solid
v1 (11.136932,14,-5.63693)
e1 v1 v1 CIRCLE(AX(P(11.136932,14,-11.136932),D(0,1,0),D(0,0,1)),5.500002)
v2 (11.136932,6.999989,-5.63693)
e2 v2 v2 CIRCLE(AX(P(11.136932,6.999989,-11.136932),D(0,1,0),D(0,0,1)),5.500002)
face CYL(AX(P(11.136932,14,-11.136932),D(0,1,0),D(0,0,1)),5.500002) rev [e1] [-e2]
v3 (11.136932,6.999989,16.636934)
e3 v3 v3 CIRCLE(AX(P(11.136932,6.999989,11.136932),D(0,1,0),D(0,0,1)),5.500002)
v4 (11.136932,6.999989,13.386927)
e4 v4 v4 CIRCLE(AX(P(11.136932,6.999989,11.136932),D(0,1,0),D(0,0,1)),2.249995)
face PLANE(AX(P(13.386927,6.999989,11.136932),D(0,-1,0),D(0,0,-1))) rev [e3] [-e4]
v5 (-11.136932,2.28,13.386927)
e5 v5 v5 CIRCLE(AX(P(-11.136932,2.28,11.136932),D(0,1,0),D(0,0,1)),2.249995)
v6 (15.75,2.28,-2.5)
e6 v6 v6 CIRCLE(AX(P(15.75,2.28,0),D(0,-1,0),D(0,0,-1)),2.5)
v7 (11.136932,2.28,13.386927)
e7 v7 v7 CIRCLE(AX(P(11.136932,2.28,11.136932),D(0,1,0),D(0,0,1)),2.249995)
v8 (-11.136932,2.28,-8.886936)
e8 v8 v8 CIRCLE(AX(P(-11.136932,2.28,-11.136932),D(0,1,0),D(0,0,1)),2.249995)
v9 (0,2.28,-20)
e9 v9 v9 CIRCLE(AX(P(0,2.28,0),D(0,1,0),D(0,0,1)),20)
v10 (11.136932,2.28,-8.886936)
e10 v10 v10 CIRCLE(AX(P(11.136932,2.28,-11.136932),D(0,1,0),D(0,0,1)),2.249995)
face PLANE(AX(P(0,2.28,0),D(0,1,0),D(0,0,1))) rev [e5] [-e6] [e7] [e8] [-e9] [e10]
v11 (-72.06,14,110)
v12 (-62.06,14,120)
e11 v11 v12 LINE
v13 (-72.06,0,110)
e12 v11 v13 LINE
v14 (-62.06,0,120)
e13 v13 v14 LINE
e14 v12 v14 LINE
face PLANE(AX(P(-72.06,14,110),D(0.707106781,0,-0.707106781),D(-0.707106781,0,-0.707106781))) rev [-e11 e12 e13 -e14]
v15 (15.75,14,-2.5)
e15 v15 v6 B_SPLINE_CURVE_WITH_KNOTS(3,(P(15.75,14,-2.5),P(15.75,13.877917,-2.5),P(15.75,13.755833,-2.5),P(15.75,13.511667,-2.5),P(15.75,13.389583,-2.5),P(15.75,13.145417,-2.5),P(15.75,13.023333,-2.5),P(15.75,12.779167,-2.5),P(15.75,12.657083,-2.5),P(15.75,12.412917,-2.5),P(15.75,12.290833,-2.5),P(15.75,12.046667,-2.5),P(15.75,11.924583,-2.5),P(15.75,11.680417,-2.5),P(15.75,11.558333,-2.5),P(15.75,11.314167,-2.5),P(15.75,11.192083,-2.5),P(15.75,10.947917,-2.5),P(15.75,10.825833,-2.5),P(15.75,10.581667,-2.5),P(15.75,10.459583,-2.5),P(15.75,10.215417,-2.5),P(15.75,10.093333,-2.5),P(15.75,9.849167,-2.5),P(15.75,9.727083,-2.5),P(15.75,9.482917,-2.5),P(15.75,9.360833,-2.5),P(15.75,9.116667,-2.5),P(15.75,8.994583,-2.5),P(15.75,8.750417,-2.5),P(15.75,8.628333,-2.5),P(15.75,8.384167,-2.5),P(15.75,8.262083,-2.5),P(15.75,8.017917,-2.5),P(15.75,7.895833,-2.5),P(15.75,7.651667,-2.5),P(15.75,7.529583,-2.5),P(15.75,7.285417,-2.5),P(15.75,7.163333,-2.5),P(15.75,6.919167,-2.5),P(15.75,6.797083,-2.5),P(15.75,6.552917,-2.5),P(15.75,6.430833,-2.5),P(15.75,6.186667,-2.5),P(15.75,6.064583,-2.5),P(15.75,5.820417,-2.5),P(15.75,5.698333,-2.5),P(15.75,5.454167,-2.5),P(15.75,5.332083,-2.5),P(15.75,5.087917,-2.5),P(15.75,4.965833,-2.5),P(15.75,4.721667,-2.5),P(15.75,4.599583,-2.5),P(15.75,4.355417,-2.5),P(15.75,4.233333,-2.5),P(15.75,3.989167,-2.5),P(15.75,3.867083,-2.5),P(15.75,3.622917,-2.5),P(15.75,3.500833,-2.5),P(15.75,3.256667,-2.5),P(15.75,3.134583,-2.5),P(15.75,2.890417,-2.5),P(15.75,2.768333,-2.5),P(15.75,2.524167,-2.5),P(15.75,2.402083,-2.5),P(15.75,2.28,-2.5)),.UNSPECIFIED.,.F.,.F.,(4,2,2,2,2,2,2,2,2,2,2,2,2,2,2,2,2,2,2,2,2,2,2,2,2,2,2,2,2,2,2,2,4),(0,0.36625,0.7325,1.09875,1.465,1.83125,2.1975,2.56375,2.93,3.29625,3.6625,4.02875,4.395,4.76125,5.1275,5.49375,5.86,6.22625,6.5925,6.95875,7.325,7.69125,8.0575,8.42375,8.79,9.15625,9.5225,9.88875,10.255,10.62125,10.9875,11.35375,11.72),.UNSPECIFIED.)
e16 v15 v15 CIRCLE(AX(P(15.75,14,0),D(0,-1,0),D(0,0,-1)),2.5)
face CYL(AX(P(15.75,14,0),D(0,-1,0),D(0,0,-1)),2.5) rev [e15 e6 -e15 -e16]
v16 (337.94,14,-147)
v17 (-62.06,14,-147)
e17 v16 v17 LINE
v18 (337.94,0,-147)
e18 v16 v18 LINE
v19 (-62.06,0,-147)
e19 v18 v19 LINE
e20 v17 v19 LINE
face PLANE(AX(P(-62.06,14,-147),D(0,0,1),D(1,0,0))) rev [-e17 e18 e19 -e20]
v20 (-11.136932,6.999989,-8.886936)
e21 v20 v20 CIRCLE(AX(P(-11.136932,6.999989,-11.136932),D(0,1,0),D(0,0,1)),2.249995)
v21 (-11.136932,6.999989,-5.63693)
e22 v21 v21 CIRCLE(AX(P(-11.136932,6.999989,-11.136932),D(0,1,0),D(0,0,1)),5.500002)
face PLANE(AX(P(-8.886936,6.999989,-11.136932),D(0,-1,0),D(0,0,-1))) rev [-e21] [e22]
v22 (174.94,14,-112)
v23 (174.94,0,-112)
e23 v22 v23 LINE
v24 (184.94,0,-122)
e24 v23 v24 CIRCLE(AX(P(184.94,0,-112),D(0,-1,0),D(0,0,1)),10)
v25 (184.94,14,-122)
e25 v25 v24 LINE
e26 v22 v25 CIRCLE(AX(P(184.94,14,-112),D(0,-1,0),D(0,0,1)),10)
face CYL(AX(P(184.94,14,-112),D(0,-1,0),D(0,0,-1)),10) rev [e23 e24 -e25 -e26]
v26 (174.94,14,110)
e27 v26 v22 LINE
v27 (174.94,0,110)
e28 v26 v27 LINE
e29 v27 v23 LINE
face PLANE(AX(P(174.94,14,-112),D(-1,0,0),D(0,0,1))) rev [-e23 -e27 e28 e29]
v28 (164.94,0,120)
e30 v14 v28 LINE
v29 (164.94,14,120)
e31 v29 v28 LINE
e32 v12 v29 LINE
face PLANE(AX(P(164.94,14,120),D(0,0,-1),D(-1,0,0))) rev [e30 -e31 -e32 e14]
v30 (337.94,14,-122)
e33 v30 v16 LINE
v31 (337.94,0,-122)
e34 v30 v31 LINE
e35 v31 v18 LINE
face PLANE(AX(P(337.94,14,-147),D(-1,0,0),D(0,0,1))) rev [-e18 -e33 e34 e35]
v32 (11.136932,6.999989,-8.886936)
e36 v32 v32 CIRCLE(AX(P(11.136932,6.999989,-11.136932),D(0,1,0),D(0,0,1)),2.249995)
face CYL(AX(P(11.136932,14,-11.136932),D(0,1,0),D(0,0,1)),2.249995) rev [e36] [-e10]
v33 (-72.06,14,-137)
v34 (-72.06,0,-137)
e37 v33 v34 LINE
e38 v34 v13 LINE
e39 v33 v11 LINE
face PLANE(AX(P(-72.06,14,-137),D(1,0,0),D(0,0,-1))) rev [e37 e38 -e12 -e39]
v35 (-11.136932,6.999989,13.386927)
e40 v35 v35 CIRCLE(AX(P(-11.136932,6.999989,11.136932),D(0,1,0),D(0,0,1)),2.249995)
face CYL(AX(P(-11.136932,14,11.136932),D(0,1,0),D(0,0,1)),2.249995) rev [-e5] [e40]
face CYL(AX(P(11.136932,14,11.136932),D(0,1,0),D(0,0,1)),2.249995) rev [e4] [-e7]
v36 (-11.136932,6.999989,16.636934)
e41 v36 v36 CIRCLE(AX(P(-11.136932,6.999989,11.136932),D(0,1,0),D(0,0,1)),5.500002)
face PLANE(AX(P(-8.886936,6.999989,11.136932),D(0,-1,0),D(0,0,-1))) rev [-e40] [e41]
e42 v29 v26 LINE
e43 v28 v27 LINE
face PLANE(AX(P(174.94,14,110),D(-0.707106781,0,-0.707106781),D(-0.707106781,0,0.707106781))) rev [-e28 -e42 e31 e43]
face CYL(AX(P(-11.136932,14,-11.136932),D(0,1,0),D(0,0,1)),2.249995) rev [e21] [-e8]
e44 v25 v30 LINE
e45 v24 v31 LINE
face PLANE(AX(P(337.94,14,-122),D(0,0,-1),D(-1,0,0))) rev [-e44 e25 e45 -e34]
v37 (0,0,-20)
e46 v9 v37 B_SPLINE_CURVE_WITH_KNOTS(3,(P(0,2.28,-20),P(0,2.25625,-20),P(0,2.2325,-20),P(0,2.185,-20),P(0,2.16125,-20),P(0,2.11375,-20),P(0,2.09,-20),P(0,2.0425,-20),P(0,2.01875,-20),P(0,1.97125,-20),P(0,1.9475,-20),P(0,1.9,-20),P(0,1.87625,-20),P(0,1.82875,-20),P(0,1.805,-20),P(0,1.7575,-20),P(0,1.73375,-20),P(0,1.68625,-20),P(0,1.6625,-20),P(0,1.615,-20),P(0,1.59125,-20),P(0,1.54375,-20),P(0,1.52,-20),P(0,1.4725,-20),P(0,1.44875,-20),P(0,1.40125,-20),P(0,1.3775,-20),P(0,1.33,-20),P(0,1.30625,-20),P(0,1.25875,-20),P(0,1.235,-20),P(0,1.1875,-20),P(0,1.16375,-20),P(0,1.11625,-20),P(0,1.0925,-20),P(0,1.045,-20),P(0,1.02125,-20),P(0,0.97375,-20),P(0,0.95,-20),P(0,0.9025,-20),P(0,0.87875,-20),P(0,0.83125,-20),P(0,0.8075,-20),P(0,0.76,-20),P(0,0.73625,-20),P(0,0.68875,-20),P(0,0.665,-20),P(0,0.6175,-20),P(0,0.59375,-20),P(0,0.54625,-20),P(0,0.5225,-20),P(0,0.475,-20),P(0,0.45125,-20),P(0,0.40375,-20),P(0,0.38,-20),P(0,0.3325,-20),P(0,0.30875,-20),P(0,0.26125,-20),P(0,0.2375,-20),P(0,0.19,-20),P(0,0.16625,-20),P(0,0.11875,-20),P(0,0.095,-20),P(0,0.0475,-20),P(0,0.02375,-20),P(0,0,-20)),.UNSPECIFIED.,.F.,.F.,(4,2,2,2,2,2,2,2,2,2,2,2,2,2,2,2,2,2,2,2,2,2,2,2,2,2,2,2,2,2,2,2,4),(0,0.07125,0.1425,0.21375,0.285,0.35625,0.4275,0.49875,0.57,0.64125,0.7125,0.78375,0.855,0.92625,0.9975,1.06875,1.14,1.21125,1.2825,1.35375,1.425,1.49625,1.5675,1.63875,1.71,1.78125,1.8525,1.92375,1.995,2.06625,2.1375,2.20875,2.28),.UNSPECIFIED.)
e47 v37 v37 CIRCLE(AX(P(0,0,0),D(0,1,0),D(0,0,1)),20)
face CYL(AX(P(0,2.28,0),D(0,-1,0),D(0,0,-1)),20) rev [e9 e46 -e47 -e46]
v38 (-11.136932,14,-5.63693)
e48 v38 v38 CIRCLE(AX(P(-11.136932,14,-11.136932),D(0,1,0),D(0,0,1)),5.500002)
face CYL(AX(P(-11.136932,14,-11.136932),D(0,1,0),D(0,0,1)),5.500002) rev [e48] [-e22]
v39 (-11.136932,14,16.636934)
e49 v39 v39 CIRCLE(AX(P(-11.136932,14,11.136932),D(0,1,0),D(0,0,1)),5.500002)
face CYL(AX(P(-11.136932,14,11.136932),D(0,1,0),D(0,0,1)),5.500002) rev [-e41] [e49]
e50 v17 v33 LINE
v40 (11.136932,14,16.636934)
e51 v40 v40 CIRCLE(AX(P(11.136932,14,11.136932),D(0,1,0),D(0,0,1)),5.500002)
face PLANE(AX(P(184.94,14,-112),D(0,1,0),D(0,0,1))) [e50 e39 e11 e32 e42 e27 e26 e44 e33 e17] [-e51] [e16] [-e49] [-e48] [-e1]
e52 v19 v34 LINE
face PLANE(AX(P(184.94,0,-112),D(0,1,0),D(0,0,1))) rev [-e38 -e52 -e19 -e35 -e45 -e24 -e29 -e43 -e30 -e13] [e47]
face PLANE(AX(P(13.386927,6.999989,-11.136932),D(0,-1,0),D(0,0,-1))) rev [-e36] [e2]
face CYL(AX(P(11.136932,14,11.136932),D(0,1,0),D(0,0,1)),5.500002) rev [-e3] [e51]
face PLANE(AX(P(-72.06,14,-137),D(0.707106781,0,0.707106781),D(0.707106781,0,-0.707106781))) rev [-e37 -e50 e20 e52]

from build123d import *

# Parameters (mm, degrees)
BOSS_EXTRUDE1_DEPTH                                 = 14
SKETCH2_R                                           = 20
CUT_EXTRUDE1_DEPTH                                  = 2.28
CBORE_FOR_00_BINDING_HEAD_MACHINE_SCREW_D           = 4.499991
CBORE_FOR_00_BINDING_HEAD_MACHINE_SCREW_CBORE_D     = 11.0000034
CBORE_FOR_00_BINDING_HEAD_MACHINE_SCREW_CBORE_DEPTH = 7.0000114
SKETCH5_R                                           = 2.5
CUT_EXTRUDE2_DEPTH                                  = 369.713712791


with BuildPart() as part:
    # Sketch1 → Boss-Extrude1 (new body)
    with BuildSketch(Plane(origin=(0, 0, 0), x_dir=(1, 0, 0), z_dir=(0, 1, 0))):
        with BuildLine():
            Line((337.94, 147), (337.94, 122))
            Line((337.94, 122), (184.94, 122))
            ThreePointArc((184.94, 122), (177.868932188, 119.071067812), (174.94, 112))
            Line((174.94, 112), (174.94, -110))
            Line((174.94, -110), (164.94, -120))
            Line((164.94, -120), (-62.06, -120))
            Line((-62.06, -120), (-72.06, -110))
            Line((-72.06, -110), (-72.06, 137))
            Line((-72.06, 137), (-62.06, 147))
            Line((-62.06, 147), (337.94, 147))
        make_face()
    extrude(amount=BOSS_EXTRUDE1_DEPTH)

    # Sketch2 → Cut-Extrude1 (cut)
    with BuildSketch(Plane(origin=(0, 0, 0), x_dir=(1, 0, 0), z_dir=(0, 1, 0))):
        with Locations(Location((0, 0, 0), (0, 0, 90))):
            Circle(SKETCH2_R)
    extrude(amount=CUT_EXTRUDE1_DEPTH, mode=Mode.SUBTRACT)

    # CBORE for #00 Binding Head Machine Screw1 (through all)
    with Locations(Plane(origin=(0, 14, 0), x_dir=(-1, 0, 0), z_dir=(0, 1, 0))):
        with Locations((11.136931804, 11.136931804), (-11.136931804, 11.136931804), (-11.136931804, -11.136931804), (11.136931804, -11.136931804)):
            CounterBoreHole(CBORE_FOR_00_BINDING_HEAD_MACHINE_SCREW_D / 2, CBORE_FOR_00_BINDING_HEAD_MACHINE_SCREW_CBORE_D / 2, CBORE_FOR_00_BINDING_HEAD_MACHINE_SCREW_CBORE_DEPTH)

    # Sketch5 → Cut-Extrude2 (cut, through all)
    with BuildSketch(Plane(origin=(0, 2.28, 0), x_dir=(-1, 0, 0), z_dir=(0, -1, 0))):
        with Locations(Location((-15.75, 0, 0), (0, 0, 90))):
            Circle(SKETCH5_R)
    extrude(amount=-CUT_EXTRUDE2_DEPTH, mode=Mode.SUBTRACT)


solid = part.part
